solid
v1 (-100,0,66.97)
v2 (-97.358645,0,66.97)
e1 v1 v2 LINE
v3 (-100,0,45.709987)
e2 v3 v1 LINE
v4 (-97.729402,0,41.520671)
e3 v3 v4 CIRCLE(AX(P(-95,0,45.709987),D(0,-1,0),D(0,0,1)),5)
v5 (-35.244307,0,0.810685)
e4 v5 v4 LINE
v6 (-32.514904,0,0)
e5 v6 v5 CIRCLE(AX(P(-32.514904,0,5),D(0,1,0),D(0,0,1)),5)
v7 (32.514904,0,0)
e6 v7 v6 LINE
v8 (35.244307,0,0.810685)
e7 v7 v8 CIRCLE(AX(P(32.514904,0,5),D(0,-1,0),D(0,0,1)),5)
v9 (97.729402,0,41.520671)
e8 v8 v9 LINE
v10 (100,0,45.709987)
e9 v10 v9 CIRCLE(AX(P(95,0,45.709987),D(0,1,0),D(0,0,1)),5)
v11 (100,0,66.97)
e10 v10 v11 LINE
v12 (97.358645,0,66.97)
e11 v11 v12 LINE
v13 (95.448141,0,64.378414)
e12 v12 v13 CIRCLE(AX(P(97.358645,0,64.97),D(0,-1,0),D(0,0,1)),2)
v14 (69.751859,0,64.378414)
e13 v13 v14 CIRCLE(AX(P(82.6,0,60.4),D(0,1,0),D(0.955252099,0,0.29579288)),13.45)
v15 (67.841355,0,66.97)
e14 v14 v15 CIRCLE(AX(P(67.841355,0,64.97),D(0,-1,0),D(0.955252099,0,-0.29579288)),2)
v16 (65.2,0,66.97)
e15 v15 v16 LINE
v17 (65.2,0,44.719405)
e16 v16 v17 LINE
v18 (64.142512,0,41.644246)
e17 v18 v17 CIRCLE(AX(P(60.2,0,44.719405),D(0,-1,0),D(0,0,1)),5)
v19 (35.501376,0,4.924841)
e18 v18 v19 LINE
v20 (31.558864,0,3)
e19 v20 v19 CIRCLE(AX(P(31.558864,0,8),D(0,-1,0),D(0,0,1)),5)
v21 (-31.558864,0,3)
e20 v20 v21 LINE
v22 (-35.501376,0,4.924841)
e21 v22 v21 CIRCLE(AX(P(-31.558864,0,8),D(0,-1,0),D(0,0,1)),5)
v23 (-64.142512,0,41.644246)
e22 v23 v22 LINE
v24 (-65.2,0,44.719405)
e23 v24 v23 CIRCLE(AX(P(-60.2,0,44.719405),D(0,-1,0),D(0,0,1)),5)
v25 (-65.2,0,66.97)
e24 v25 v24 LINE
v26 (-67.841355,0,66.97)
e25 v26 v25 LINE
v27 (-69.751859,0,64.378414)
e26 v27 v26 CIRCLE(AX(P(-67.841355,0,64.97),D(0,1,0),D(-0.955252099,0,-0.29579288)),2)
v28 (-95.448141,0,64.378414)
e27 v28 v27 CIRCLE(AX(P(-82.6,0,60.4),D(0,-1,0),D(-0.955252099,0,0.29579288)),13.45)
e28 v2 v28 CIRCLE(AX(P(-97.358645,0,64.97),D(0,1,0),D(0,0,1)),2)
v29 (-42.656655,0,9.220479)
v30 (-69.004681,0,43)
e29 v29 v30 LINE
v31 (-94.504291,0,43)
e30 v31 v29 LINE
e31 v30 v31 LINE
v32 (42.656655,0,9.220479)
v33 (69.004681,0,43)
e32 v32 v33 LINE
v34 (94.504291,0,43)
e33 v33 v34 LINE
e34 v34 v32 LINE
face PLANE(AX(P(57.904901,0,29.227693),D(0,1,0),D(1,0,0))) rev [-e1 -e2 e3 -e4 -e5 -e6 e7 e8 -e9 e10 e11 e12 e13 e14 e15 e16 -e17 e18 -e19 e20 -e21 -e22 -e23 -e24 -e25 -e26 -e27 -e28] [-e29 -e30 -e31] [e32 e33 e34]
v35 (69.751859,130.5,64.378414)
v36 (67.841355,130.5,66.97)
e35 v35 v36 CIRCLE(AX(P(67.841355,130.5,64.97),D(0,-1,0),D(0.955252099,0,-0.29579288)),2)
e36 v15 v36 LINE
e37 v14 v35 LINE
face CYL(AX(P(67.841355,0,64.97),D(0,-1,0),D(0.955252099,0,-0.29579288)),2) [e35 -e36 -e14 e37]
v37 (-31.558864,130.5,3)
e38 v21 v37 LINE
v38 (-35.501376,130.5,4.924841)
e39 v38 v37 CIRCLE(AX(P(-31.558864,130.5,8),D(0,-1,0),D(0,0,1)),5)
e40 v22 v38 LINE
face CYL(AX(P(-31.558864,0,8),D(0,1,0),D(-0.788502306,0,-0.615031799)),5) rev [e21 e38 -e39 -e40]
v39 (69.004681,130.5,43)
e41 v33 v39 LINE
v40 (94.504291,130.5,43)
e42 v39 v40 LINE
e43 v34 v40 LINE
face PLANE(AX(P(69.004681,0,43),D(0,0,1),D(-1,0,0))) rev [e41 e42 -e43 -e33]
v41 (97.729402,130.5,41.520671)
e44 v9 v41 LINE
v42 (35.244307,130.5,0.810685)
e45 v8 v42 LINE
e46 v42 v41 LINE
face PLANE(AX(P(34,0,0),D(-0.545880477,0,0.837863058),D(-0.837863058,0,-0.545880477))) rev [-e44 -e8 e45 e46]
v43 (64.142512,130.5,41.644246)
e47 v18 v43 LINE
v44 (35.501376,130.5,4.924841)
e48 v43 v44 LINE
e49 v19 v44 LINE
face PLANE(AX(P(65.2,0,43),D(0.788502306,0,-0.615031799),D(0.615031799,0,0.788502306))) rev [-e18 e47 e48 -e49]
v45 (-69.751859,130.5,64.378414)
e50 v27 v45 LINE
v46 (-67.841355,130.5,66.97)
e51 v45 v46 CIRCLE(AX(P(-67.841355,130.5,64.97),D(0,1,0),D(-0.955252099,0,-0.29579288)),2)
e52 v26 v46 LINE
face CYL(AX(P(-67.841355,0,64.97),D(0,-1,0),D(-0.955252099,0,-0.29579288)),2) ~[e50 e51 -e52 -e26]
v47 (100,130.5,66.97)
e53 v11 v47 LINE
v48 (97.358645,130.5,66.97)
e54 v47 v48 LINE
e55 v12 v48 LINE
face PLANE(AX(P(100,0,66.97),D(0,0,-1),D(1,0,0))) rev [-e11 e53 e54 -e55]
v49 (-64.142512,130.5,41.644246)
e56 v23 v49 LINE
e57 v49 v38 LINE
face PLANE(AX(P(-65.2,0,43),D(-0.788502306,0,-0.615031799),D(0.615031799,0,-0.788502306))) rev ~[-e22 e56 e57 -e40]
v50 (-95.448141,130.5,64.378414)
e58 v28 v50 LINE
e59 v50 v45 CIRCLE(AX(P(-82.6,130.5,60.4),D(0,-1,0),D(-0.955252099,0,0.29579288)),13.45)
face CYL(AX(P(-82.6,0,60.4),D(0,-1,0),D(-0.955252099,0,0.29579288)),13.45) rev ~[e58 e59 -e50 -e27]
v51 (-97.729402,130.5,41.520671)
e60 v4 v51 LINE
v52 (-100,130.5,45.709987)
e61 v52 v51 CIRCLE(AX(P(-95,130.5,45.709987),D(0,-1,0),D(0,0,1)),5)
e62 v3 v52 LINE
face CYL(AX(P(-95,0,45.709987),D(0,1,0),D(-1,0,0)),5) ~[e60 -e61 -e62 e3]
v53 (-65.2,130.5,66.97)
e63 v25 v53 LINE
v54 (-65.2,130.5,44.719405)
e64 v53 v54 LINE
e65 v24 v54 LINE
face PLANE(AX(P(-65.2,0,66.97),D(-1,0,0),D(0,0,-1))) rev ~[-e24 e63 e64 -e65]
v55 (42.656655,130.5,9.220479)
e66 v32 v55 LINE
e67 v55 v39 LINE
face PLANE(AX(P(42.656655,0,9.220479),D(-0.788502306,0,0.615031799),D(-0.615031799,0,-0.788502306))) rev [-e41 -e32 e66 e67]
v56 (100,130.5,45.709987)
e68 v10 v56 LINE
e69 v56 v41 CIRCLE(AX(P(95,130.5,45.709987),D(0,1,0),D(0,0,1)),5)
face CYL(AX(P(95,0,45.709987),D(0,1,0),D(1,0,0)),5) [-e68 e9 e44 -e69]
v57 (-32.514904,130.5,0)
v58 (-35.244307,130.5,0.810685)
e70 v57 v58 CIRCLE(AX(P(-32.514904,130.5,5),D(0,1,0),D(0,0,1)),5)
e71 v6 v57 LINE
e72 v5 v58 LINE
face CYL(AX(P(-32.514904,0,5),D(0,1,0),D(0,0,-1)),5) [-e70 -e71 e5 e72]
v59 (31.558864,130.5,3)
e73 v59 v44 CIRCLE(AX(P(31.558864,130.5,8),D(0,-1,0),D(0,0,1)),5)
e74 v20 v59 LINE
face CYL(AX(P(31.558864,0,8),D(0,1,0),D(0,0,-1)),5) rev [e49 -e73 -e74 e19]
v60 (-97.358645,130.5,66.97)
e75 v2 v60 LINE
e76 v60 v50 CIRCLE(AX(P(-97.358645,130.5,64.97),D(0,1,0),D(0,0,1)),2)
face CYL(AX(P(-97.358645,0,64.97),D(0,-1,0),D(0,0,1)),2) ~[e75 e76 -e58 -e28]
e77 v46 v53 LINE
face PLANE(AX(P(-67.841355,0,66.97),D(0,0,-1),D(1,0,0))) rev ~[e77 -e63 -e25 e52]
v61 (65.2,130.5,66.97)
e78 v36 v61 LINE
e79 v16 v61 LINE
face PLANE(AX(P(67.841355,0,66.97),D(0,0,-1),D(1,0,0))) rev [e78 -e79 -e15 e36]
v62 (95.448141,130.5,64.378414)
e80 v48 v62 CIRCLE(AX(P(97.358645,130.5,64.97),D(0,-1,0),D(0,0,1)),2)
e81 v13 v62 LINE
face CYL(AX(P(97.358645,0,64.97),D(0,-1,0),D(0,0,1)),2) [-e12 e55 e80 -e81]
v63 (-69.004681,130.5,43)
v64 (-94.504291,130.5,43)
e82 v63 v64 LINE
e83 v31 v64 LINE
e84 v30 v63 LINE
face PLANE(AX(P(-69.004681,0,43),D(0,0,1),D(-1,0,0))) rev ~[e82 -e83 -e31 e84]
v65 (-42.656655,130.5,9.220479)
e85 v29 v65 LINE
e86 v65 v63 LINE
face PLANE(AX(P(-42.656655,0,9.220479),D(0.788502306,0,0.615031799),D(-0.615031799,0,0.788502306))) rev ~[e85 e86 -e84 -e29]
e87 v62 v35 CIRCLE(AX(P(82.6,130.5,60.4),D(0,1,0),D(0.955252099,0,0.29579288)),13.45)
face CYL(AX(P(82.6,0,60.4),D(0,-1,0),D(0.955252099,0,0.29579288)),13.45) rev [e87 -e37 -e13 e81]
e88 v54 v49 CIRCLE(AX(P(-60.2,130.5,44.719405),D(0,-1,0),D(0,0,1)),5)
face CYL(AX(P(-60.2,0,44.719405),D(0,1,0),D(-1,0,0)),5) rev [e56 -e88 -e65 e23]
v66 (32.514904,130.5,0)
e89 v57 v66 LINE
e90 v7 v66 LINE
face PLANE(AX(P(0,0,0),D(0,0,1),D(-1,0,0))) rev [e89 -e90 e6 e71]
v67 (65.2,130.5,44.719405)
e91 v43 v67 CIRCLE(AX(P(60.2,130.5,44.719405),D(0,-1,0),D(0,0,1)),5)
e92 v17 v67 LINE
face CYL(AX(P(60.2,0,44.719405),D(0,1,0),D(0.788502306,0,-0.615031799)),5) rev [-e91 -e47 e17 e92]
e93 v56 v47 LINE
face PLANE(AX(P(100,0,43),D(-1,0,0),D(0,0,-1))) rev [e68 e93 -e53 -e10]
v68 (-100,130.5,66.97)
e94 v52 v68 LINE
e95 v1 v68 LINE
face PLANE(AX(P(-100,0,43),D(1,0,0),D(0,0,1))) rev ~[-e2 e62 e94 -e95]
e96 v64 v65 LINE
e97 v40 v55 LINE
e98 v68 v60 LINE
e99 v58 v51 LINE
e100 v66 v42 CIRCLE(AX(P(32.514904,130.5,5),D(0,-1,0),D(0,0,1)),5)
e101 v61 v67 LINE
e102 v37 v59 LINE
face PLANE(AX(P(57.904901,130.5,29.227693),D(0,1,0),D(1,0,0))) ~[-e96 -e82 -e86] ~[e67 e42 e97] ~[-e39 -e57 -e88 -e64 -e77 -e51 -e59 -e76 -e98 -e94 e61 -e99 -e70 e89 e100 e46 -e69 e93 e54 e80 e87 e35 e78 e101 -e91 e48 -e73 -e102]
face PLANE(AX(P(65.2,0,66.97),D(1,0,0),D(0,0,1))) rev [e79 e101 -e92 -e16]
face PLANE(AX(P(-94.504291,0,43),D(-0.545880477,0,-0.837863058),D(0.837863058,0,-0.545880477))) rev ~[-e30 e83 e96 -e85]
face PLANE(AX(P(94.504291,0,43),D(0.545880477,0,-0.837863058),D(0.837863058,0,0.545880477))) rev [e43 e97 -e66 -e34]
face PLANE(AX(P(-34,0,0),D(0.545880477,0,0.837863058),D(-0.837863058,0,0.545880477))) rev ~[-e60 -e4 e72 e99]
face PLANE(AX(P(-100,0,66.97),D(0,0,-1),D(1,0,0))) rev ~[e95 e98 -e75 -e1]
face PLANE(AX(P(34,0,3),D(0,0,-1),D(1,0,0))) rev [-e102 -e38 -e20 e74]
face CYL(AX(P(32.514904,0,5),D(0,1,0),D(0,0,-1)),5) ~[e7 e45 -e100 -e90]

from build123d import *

# Parameters (mm, degrees)
BOSS_EXTRUDE1_DEPTH = 130.5
FILLET1_R           = 5


with BuildPart() as part:
    # Sketch1 → Boss-Extrude1 (new body)
    with BuildSketch(Plane(origin=(0, 0, 0), x_dir=(1, 0, 0), z_dir=(0, 1, 0))):
        with BuildLine():
            Line((0, 0), (-34, 0))
            Line((-34, 0), (-100, -43))
            Line((-100, -43), (-100, -66.97))
            Line((-100, -66.97), (-97.358644924, -66.97))
            ThreePointArc((-97.358644924, -66.97), (-95.748804634, -66.156766295), (-95.448140727, -64.378414239))
            ThreePointArc((-95.448140727, -64.378414239), (-82.6, -46.95), (-69.751859273, -64.378414239))
            ThreePointArc((-69.751859273, -64.378414239), (-69.451195366, -66.156766295), (-67.841355076, -66.97))
            Line((-67.841355076, -66.97), (-65.2, -66.97))
            Line((-65.2, -66.97), (-65.2, -43))
            Line((-65.2, -43), (-34, -3))
            Line((-34, -3), (0, -3))
            Line((0, -3), (0, 0))
        make_face()
        Polygon((-69.004681327, -43), (-94.504291462, -43), (-42.656655328, -9.220479488), align=None, mode=Mode.SUBTRACT)
    boss_extrude1 = extrude(amount=BOSS_EXTRUDE1_DEPTH)

    # Mirror1: Boss-Extrude1 across plane
    add(boss_extrude1.mirror(Plane(origin=(0, 130.5, 3), x_dir=(0, 0, 1), z_dir=(-1, 0, 0))))

    # Fillet1
    fillet1_edges = [part.edges().sort_by_distance(p)[0] for p in [
        (-34, 65.25, 3),
        (-65.2, 65.25, 43),
        (-100, 65.25, 43),
        (-34, 65.25, 0),
        (34, 65.25, 3),
        (65.2, 65.25, 43),
        (100, 65.25, 43),
        (34, 65.25, 0),
    ]]
    fillet(fillet1_edges, radius=FILLET1_R)


solid = part.part
